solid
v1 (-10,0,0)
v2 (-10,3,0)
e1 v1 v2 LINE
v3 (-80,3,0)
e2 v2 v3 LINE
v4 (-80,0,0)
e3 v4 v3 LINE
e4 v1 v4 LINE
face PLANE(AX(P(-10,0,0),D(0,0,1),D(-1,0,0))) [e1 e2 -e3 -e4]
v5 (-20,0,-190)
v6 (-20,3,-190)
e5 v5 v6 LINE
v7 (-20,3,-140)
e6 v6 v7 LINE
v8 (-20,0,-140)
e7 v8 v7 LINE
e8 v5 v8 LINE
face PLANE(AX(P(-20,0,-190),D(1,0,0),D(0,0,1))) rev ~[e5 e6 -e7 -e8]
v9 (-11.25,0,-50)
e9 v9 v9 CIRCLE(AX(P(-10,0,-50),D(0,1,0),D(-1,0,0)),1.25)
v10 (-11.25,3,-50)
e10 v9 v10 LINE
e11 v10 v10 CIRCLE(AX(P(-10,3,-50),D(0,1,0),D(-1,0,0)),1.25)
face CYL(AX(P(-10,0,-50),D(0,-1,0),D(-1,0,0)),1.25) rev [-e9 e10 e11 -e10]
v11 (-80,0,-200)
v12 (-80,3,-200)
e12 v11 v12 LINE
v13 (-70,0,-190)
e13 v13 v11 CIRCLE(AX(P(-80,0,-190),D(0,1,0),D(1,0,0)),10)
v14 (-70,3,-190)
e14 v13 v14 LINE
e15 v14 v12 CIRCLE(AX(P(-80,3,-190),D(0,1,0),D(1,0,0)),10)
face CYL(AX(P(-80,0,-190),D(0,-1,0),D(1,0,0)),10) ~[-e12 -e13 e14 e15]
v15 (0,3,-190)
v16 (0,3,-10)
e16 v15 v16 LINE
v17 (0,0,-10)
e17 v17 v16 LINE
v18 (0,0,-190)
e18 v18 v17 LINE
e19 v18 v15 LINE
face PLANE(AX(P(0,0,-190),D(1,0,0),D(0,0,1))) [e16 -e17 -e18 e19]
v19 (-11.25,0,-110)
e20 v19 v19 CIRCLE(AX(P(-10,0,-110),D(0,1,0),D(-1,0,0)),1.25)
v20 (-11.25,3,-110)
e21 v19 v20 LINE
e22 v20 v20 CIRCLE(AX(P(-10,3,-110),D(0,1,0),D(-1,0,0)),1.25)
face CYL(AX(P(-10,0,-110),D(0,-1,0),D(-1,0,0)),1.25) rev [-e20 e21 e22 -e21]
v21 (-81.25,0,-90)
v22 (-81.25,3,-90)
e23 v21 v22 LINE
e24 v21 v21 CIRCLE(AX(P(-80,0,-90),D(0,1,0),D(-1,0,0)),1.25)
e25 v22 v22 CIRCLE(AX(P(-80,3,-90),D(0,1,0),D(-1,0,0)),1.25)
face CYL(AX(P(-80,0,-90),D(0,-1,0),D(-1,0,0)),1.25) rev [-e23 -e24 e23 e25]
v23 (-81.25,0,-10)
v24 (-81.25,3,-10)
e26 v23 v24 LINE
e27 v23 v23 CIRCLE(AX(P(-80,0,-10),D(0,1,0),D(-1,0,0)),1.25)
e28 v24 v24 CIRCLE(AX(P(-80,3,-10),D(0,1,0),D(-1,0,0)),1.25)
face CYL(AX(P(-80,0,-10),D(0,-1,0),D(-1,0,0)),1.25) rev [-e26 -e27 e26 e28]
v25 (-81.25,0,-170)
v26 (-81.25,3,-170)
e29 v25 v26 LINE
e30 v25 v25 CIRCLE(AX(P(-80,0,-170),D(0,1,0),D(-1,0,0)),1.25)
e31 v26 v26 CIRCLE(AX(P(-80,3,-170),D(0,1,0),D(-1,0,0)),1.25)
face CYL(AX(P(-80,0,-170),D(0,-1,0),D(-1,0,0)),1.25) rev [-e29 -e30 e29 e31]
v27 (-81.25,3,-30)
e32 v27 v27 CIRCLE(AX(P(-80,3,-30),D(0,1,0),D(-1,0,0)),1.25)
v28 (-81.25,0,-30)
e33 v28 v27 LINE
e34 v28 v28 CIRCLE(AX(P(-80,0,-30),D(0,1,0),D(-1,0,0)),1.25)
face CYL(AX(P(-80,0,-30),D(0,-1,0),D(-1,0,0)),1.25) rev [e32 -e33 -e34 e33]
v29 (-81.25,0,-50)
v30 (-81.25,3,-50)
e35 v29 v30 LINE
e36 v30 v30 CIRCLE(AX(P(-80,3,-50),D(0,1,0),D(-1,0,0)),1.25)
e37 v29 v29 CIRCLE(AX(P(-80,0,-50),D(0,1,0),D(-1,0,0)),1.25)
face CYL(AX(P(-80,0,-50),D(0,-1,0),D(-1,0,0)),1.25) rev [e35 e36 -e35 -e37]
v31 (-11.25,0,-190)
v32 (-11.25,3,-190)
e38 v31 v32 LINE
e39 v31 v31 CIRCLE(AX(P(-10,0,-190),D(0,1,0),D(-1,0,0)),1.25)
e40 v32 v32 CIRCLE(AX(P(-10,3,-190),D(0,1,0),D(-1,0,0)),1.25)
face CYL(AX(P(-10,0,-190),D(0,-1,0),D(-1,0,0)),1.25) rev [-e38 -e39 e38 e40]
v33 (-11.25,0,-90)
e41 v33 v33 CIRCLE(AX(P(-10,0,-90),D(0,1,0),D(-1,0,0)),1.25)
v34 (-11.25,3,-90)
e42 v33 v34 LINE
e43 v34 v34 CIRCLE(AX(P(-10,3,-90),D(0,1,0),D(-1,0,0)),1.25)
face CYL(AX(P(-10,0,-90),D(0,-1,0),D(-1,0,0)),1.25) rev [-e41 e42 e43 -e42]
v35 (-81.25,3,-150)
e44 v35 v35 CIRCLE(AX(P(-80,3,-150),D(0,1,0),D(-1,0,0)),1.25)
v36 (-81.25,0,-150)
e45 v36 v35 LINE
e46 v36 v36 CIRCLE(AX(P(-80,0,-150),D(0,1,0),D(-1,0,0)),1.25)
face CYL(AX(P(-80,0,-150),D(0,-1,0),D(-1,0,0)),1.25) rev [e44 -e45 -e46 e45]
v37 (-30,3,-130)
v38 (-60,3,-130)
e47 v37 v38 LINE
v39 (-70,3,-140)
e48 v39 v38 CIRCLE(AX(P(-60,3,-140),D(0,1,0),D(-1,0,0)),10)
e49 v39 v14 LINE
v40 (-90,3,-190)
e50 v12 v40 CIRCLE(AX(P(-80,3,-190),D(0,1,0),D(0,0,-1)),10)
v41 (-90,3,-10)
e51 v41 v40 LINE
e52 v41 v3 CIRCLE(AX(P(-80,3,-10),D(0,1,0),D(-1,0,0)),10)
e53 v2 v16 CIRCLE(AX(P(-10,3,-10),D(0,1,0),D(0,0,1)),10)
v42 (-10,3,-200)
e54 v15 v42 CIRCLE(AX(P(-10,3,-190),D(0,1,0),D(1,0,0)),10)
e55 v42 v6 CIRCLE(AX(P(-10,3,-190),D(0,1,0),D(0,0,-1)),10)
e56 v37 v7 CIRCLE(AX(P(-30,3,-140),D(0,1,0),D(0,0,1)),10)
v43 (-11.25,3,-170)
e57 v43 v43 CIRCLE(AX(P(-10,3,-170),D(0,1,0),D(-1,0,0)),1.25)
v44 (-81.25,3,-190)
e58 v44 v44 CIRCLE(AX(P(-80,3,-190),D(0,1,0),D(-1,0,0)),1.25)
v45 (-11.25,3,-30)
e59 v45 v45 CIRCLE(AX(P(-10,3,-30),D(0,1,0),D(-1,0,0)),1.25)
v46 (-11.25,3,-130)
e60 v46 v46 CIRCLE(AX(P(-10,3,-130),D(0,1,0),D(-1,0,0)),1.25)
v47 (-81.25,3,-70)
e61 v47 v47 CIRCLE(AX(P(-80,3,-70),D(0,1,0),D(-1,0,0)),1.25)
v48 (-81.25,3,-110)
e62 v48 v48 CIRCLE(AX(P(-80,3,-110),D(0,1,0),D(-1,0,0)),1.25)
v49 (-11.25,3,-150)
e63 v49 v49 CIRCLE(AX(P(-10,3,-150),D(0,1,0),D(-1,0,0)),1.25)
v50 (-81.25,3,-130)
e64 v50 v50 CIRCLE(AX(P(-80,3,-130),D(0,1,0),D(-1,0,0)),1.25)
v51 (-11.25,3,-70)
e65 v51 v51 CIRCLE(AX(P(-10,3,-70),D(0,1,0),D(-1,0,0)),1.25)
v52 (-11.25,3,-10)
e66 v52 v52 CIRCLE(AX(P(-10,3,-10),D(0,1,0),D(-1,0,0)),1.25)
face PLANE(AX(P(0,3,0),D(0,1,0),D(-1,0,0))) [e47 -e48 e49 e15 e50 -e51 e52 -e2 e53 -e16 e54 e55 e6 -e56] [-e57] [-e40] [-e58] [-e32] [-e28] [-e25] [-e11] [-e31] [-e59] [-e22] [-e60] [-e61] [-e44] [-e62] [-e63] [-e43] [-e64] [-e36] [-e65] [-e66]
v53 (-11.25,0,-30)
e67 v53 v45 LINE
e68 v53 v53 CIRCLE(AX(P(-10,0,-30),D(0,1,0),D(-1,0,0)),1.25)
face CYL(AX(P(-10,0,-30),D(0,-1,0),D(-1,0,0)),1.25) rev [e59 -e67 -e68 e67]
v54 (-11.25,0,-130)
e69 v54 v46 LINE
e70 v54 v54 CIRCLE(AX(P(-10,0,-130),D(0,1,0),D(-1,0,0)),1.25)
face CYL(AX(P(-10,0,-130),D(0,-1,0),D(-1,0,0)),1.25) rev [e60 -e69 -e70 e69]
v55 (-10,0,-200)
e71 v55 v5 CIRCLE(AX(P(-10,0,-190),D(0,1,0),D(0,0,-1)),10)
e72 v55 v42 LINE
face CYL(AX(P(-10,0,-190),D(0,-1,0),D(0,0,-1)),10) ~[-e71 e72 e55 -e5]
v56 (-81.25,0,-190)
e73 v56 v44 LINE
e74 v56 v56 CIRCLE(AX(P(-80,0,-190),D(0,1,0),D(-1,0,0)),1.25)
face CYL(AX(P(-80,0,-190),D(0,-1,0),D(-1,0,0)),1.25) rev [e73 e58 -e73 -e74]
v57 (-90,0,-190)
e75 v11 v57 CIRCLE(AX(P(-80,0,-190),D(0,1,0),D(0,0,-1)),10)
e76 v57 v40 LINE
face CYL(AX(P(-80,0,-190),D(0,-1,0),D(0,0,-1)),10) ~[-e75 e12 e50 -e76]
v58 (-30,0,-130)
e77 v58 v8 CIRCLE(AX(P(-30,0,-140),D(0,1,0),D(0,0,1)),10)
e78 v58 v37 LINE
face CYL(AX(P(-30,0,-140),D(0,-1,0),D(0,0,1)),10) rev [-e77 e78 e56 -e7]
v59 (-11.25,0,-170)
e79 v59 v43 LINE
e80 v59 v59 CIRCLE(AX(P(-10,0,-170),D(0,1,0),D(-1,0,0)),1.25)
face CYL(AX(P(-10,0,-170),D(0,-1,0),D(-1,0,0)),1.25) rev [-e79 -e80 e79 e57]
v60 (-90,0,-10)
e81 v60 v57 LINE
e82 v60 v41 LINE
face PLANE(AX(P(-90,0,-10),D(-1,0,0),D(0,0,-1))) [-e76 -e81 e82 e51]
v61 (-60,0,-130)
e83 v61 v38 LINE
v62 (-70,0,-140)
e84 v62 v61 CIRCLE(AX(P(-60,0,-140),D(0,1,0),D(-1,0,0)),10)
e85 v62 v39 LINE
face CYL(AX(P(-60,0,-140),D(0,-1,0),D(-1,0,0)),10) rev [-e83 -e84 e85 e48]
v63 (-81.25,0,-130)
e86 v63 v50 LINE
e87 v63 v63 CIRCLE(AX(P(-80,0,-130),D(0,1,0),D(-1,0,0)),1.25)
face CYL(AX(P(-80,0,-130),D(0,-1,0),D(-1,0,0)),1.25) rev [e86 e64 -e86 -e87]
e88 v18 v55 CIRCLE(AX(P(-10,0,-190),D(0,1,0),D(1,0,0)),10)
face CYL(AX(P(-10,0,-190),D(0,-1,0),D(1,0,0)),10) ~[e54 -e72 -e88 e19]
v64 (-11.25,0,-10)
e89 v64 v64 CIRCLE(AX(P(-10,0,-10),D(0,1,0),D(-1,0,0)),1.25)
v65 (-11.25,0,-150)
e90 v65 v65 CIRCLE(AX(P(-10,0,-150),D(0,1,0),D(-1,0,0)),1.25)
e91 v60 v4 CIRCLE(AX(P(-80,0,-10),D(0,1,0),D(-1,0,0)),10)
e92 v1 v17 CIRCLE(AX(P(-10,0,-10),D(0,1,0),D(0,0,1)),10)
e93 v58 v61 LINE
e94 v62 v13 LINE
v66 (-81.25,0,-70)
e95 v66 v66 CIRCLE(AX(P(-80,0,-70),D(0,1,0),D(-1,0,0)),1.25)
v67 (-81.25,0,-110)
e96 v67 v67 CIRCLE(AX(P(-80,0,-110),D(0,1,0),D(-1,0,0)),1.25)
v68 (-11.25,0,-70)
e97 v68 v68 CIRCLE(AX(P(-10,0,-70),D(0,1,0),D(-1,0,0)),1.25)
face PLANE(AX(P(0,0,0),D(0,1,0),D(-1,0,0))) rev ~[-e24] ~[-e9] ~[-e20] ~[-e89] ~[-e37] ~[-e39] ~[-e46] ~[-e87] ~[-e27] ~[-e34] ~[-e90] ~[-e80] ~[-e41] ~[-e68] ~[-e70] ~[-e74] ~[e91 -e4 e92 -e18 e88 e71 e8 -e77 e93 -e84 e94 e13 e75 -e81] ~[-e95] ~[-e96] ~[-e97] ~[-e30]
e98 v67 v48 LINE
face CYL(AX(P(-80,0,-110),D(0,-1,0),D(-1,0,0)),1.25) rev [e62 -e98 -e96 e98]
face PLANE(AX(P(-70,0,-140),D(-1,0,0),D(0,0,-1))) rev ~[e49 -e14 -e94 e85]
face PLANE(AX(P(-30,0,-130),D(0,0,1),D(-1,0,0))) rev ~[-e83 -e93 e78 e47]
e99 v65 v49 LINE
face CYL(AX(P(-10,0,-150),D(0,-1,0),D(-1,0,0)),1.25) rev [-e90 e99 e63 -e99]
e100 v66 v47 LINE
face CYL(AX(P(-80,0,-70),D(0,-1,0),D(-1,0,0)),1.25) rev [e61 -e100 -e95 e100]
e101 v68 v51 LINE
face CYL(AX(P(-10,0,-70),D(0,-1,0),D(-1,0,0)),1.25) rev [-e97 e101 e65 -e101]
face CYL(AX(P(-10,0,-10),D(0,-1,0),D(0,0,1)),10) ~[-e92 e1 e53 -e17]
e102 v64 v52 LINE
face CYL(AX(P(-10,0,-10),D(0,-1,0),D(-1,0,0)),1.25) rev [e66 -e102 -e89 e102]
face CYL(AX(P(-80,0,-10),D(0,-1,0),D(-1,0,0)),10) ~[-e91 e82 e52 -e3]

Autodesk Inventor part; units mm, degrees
ref_plane "YZ Plane" through (0, 0, 0) normal (1, 0, 0) x (0, 1, 0)
ref_plane "XZ Plane" through (0, 0, 0) normal (0, 1, 0) x (-1, 0, 0)
ref_plane "XY Plane" through (0, 0, 0) normal (0, 0, 1) x (1, 0, 0)
sketch "Sketch1" plane through (0, 0, 0) normal (0, 1, 0) x (-1, 0, 0)
  line L0 (10, 0) -> (80, 0)
  line L1 (90, -10) -> (90, -190)
  line L2 (80, -200) -> (80, -200)
  line L3 (0, -190) -> (0, -10)
  arc A0 (90, -10) -> (80, 0) centre (80, -10) ccw
  arc A1 (0, -190) -> (10, -200) centre (10, -190) ccw
  arc A2 (80, -200) -> (90, -190) centre (80, -190) ccw
  arc A3 (10, 0) -> (0, -10) centre (10, -10) ccw
  circle A4 centre (80, -10) radius 1.25
  circle A5 centre (80, -30) radius 1.25
  circle A6 centre (80, -50) radius 1.25
  circle A7 centre (80, -70) radius 1.25
  circle A8 centre (80, -90) radius 1.25
  circle A9 centre (80, -110) radius 1.25
  circle A10 centre (80, -130) radius 1.25
  circle A11 centre (80, -150) radius 1.25
  circle A12 centre (80, -170) radius 1.25
  circle A13 centre (80, -190) radius 1.25
  circle A14 centre (10, -10) radius 1.25
  circle A15 centre (10, -30) radius 1.25
  circle A16 centre (10, -50) radius 1.25
  circle A17 centre (10, -70) radius 1.25
  circle A18 centre (10, -90) radius 1.25
  circle A19 centre (10, -110) radius 1.25
  circle A20 centre (10, -130) radius 1.25
  circle A21 centre (10, -150) radius 1.25
  circle A22 centre (10, -170) radius 1.25
  circle A23 centre (10, -190) radius 1.25
  line L4 (20, -190) -> (20, -140)
  line L5 (30, -130) -> (60, -130)
  line L6 (70, -140) -> (70, -190)
  arc A24 (70, -190) -> (80, -200) centre (80, -190) ccw
  line L7 (10, -200) -> (10, -200)
  arc A25 (70, -140) -> (60, -130) centre (60, -140) ccw
  arc A26 (30, -130) -> (20, -140) centre (30, -140) ccw
  arc A27 (10, -200) -> (20, -190) centre (10, -190) ccw
  point P0 (0, 0)
  point P1 (90, -200)
  point P2 (90, 0)
  point P3 (0, -200)
  point P4 (20, -200)
  point P5 (10, -200)
  dimension "d0" = 90
  dimension "d1" = 200
  dimension "d15" = 10
  dimension "d16" = 2.5
  dimension "d19" = 20
  dimension "d24" = 2.5
  dimension "d27" = 20
  dimension "d35" = 10
  dimension "d36" = 10
extrude "Extrusion2" add sketch "Sketch1" along normal blind 3
properties part number "ElectronicsBaseplateV01" material "Polycarbonate, Clear"
